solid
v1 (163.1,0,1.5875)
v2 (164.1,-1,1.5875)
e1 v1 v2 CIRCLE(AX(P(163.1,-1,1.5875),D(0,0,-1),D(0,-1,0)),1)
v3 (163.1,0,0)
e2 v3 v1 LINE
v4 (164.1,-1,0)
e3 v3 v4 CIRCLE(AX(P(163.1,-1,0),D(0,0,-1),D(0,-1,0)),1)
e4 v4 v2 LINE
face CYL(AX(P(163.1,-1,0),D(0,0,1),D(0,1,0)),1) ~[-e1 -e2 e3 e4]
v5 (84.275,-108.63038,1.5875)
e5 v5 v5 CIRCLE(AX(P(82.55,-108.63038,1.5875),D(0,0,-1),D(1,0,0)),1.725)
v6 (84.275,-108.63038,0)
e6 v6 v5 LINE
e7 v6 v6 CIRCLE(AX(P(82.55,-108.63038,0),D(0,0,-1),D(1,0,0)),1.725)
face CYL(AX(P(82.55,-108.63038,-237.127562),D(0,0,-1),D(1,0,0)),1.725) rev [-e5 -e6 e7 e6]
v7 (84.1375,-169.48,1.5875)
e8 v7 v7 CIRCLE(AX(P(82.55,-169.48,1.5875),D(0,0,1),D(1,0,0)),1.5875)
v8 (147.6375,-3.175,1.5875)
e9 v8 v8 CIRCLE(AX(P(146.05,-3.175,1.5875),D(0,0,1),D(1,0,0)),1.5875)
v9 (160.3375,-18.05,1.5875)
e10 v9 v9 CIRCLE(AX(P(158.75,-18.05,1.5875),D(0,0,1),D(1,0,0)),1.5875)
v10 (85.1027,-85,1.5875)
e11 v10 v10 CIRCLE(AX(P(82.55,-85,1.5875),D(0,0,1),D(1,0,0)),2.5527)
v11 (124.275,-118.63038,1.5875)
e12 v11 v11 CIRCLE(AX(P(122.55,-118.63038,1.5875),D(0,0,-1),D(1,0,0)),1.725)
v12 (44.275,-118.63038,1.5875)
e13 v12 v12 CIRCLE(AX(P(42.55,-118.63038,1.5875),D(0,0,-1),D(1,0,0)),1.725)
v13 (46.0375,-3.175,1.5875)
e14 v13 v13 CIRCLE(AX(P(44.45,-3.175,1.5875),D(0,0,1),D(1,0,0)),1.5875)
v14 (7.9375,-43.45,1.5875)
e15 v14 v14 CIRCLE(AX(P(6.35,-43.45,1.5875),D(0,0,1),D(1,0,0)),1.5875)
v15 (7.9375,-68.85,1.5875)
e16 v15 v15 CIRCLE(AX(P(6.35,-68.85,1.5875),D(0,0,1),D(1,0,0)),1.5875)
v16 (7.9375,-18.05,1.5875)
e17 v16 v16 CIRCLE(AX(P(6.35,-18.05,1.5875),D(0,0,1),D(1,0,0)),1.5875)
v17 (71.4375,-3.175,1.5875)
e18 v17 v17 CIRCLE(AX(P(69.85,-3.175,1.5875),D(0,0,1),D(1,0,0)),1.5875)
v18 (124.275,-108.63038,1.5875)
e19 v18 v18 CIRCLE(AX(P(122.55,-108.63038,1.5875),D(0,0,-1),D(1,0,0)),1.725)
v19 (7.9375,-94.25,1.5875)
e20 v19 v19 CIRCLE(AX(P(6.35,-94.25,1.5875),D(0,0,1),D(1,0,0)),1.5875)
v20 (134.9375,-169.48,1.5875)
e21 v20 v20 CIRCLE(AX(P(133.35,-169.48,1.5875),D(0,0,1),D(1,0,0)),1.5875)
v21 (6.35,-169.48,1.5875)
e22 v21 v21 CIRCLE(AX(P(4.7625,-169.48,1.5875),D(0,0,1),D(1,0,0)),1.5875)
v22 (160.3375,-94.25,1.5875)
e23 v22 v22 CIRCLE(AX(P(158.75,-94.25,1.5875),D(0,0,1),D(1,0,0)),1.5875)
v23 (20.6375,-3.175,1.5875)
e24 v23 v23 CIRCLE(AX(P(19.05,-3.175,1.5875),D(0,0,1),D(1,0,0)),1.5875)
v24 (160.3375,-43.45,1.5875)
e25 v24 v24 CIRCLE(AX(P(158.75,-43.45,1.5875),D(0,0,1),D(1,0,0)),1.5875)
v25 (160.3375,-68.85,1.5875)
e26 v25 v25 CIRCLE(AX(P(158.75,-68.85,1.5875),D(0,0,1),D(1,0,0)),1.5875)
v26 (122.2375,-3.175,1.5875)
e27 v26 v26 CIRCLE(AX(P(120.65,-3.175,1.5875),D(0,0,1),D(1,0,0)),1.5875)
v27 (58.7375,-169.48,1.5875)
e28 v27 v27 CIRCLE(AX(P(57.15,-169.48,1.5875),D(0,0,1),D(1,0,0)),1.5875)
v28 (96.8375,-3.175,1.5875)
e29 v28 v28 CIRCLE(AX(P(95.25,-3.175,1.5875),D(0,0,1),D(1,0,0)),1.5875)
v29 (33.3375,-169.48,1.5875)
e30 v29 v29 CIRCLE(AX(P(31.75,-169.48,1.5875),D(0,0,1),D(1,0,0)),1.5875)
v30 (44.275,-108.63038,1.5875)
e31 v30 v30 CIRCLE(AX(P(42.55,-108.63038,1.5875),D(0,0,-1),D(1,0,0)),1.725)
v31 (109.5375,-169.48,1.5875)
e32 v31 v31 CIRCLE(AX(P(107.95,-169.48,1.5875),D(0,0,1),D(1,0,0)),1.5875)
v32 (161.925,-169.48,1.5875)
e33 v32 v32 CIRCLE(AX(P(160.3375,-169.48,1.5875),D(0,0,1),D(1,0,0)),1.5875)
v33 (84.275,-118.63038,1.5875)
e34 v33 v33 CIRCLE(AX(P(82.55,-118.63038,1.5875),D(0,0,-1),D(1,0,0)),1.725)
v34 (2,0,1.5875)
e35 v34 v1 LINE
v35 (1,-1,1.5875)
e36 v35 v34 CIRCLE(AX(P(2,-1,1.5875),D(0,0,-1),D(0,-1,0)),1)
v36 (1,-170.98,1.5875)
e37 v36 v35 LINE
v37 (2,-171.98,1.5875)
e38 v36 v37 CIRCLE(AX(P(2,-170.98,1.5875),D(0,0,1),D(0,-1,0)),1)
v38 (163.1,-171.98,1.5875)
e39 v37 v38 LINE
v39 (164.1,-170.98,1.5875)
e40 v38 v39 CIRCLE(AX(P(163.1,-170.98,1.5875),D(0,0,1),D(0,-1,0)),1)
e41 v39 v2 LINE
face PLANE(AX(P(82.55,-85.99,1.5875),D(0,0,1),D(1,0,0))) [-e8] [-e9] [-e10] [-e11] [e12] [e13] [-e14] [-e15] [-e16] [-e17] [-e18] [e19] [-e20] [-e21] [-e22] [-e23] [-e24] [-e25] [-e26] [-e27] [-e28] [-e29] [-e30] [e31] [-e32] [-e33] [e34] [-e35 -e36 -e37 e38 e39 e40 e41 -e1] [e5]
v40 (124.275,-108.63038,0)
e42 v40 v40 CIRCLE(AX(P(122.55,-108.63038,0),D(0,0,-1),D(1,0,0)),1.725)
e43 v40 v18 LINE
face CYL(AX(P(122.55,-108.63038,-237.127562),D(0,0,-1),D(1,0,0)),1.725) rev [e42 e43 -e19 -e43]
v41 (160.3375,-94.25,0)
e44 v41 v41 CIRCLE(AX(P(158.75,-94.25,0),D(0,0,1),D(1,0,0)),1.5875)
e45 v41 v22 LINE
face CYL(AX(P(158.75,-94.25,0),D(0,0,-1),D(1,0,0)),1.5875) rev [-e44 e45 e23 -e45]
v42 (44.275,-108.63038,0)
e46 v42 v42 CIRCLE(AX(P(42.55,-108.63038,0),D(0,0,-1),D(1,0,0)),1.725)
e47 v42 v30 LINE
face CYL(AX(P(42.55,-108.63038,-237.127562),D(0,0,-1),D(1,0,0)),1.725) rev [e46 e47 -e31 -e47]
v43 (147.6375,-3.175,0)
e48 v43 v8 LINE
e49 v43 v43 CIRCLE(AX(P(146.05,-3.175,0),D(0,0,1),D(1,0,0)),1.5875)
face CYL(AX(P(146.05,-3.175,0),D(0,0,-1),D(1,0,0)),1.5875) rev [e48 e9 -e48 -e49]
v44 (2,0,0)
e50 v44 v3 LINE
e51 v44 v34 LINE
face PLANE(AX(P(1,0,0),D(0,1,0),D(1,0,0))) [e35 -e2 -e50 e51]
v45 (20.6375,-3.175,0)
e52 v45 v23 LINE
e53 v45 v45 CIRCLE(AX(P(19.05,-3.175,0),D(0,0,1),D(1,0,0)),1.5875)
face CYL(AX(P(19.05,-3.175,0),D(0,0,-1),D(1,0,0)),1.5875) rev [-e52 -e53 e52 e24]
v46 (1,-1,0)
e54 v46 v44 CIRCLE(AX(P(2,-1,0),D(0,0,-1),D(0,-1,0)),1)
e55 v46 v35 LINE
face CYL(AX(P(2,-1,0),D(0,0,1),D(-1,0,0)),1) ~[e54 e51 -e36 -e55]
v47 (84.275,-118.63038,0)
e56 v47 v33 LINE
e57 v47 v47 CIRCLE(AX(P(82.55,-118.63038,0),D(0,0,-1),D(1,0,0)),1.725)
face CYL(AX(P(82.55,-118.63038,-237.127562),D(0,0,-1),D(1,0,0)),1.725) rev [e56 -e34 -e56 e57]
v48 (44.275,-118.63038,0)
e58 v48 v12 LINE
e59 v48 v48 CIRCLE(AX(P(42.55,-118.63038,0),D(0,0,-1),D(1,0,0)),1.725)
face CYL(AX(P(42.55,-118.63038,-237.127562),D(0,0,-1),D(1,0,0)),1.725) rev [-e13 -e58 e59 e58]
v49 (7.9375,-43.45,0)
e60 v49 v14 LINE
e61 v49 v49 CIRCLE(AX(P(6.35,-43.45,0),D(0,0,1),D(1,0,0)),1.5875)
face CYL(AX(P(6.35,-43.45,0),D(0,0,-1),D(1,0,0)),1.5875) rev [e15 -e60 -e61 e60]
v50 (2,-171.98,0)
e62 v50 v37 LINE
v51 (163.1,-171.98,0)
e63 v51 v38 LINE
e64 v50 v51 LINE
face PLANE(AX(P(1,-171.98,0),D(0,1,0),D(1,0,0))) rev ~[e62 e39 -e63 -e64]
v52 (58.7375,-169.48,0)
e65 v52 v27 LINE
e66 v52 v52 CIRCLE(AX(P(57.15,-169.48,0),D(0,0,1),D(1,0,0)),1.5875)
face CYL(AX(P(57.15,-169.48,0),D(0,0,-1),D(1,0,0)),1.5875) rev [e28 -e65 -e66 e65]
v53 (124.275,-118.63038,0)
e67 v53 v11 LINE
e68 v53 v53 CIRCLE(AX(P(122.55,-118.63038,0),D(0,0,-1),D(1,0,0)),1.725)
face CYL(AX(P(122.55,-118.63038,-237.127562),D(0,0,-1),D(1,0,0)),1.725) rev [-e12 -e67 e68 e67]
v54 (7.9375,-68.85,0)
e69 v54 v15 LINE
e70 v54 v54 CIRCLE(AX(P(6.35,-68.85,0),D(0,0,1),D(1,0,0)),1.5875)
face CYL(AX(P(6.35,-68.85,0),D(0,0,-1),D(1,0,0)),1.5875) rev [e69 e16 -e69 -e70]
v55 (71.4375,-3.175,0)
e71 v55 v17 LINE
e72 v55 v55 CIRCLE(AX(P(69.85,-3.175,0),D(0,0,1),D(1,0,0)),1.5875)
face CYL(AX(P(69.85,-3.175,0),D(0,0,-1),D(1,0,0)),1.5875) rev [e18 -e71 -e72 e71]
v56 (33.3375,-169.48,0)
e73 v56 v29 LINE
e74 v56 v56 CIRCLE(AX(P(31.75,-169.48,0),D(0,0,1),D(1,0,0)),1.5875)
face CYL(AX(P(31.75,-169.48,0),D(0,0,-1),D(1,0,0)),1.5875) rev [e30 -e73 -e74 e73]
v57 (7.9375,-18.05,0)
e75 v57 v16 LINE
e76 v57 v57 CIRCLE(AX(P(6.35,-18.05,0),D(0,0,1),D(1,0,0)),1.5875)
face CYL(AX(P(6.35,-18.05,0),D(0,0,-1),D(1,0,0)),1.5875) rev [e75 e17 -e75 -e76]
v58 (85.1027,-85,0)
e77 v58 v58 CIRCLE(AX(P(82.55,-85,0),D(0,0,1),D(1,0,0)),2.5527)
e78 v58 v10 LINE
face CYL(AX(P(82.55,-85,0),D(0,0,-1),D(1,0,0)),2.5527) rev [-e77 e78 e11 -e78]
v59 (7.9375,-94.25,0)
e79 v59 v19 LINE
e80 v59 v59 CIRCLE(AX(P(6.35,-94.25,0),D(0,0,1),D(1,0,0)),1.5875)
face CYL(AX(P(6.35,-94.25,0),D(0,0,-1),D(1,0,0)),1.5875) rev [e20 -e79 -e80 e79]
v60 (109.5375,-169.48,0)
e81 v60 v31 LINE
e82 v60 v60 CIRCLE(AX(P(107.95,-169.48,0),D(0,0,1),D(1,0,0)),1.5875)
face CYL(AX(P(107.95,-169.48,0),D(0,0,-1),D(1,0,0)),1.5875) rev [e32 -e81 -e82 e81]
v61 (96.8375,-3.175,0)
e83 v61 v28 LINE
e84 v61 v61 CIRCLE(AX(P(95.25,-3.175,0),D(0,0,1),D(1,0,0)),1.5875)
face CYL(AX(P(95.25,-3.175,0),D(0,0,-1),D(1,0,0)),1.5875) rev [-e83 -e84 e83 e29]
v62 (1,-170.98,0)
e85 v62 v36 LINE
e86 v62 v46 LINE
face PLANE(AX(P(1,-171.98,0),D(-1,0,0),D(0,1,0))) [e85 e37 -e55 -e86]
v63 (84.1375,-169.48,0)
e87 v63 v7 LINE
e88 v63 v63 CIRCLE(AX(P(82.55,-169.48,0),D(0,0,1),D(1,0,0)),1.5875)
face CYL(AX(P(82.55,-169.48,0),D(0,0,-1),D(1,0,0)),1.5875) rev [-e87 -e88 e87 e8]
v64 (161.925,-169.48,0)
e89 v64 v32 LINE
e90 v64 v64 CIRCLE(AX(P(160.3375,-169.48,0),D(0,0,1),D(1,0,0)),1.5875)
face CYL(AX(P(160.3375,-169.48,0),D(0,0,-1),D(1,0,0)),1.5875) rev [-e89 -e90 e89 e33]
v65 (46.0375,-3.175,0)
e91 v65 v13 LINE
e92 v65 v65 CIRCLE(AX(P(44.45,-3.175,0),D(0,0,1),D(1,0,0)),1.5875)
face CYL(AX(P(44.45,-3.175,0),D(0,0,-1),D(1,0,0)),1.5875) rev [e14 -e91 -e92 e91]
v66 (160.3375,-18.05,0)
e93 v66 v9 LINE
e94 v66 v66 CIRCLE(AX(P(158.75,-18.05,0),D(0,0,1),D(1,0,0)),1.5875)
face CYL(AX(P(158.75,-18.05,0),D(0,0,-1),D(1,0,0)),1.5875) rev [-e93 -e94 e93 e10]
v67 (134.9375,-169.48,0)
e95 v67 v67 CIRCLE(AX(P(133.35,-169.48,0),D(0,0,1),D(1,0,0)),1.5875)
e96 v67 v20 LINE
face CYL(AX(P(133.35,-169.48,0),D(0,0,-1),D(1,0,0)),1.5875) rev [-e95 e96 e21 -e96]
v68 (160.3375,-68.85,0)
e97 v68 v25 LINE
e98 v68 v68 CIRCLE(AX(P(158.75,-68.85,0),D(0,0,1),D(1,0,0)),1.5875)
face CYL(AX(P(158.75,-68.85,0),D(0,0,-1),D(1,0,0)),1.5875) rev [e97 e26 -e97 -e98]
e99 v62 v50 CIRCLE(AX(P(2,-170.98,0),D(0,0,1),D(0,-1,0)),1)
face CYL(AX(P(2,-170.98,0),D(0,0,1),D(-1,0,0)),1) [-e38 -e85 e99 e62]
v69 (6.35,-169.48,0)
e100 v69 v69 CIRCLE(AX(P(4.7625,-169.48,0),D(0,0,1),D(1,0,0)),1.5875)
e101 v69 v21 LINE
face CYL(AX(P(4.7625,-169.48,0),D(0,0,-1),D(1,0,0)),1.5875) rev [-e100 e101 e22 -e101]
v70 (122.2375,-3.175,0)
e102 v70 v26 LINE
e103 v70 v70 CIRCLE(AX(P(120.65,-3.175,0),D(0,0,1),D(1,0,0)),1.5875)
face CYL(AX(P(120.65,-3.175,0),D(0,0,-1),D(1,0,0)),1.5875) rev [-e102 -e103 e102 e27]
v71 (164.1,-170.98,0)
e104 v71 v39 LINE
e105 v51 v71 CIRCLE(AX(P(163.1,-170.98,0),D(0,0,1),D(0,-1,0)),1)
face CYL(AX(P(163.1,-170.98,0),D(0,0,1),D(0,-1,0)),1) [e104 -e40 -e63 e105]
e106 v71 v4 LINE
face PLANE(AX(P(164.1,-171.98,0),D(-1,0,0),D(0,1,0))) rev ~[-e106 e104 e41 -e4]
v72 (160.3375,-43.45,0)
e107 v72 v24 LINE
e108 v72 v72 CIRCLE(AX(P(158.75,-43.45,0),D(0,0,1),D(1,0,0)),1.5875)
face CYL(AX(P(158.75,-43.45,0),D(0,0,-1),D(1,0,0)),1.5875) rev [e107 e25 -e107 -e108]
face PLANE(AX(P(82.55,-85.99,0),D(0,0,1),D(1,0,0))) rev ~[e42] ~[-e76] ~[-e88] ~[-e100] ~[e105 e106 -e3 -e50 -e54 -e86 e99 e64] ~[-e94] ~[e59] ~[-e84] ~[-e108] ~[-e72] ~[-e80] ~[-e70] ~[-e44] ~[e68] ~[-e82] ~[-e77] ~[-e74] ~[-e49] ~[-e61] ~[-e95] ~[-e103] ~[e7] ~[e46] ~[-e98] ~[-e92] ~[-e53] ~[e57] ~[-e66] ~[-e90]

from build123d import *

# Parameters (mm, degrees)
SKETCH2_W               = 163.1
SKETCH2_H               = 171.98
SKETCH2_R               = 2.5527
SKETCH2_R_2             = 1.5875
BOSS_EXTRUDE2_DEPTH     = 1.5875
FILLET1_R               = 1
CUT_EXTRUDE1_DEPTH      = 238.715061694
CUT_EXTRUDE1_DEPTH_BACK = 238.715061694
SKETCH3_R               = 1.725


with BuildPart() as part:
    # Sketch2 → Boss-Extrude2 (new body)
    with BuildSketch(Plane.XY):
        with Locations((82.55, -85.99)):
            Rectangle(SKETCH2_W, SKETCH2_H)
        with Locations((82.55, -85)):
            Circle(SKETCH2_R, mode=Mode.SUBTRACT)
        with Locations((82.55, -169.48)):
            Circle(SKETCH2_R_2, mode=Mode.SUBTRACT)
        with Locations((4.7625, -169.48)):
            Circle(SKETCH2_R_2, mode=Mode.SUBTRACT)
        with Locations((31.75, -169.48)):
            Circle(SKETCH2_R_2, mode=Mode.SUBTRACT)
        with Locations((57.15, -169.48)):
            Circle(SKETCH2_R_2, mode=Mode.SUBTRACT)
        with Locations((6.35, -94.25)):
            Circle(SKETCH2_R_2, mode=Mode.SUBTRACT)
        with Locations((6.35, -68.85)):
            Circle(SKETCH2_R_2, mode=Mode.SUBTRACT)
        with Locations((6.35, -43.45)):
            Circle(SKETCH2_R_2, mode=Mode.SUBTRACT)
        with Locations((6.35, -18.05)):
            Circle(SKETCH2_R_2, mode=Mode.SUBTRACT)
        with Locations((19.05, -3.175)):
            Circle(SKETCH2_R_2, mode=Mode.SUBTRACT)
        with Locations((44.45, -3.175)):
            Circle(SKETCH2_R_2, mode=Mode.SUBTRACT)
        with Locations((69.85, -3.175)):
            Circle(SKETCH2_R_2, mode=Mode.SUBTRACT)
        with Locations((158.75, -43.45)):
            Circle(SKETCH2_R_2, mode=Mode.SUBTRACT)
        with Locations((158.75, -18.05)):
            Circle(SKETCH2_R_2, mode=Mode.SUBTRACT)
        with Locations((146.05, -3.175)):
            Circle(SKETCH2_R_2, mode=Mode.SUBTRACT)
        with Locations((107.95, -169.48)):
            Circle(SKETCH2_R_2, mode=Mode.SUBTRACT)
        with Locations((133.35, -169.48)):
            Circle(SKETCH2_R_2, mode=Mode.SUBTRACT)
        with Locations((160.3375, -169.48)):
            Circle(SKETCH2_R_2, mode=Mode.SUBTRACT)
        with Locations((158.75, -94.25)):
            Circle(SKETCH2_R_2, mode=Mode.SUBTRACT)
        with Locations((158.75, -68.85)):
            Circle(SKETCH2_R_2, mode=Mode.SUBTRACT)
        with Locations((95.25, -3.175)):
            Circle(SKETCH2_R_2, mode=Mode.SUBTRACT)
        with Locations((120.65, -3.175)):
            Circle(SKETCH2_R_2, mode=Mode.SUBTRACT)
    extrude(amount=BOSS_EXTRUDE2_DEPTH)

    # Fillet1
    fillet1_edges = [part.edges().sort_by_distance(p)[0] for p in [
        (1, -171.98, 0.79375),
        (1, 0, 0.79375),
        (164.1, 0, 0.79375),
        (164.1, -171.98, 0.79375),
    ]]
    fillet(fillet1_edges, radius=FILLET1_R)

    # Sketch3 → Cut-Extrude1 (cut, two sides: drawn at the far end of the back side and taken through both)
    with BuildSketch(Plane.XY.offset(1.5875).offset(-CUT_EXTRUDE1_DEPTH_BACK)):
        with Locations((42.55, -108.63038)):
            Circle(SKETCH3_R)
        with Locations((82.55, -108.63038)):
            Circle(SKETCH3_R)
        with Locations((122.55, -108.63038)):
            Circle(SKETCH3_R)
        with Locations((42.55, -118.63038)):
            Circle(SKETCH3_R)
        with Locations((82.55, -118.63038)):
            Circle(SKETCH3_R)
        with Locations((122.55, -118.63038)):
            Circle(SKETCH3_R)
    extrude(amount=CUT_EXTRUDE1_DEPTH + CUT_EXTRUDE1_DEPTH_BACK, mode=Mode.SUBTRACT)


solid = part.part
